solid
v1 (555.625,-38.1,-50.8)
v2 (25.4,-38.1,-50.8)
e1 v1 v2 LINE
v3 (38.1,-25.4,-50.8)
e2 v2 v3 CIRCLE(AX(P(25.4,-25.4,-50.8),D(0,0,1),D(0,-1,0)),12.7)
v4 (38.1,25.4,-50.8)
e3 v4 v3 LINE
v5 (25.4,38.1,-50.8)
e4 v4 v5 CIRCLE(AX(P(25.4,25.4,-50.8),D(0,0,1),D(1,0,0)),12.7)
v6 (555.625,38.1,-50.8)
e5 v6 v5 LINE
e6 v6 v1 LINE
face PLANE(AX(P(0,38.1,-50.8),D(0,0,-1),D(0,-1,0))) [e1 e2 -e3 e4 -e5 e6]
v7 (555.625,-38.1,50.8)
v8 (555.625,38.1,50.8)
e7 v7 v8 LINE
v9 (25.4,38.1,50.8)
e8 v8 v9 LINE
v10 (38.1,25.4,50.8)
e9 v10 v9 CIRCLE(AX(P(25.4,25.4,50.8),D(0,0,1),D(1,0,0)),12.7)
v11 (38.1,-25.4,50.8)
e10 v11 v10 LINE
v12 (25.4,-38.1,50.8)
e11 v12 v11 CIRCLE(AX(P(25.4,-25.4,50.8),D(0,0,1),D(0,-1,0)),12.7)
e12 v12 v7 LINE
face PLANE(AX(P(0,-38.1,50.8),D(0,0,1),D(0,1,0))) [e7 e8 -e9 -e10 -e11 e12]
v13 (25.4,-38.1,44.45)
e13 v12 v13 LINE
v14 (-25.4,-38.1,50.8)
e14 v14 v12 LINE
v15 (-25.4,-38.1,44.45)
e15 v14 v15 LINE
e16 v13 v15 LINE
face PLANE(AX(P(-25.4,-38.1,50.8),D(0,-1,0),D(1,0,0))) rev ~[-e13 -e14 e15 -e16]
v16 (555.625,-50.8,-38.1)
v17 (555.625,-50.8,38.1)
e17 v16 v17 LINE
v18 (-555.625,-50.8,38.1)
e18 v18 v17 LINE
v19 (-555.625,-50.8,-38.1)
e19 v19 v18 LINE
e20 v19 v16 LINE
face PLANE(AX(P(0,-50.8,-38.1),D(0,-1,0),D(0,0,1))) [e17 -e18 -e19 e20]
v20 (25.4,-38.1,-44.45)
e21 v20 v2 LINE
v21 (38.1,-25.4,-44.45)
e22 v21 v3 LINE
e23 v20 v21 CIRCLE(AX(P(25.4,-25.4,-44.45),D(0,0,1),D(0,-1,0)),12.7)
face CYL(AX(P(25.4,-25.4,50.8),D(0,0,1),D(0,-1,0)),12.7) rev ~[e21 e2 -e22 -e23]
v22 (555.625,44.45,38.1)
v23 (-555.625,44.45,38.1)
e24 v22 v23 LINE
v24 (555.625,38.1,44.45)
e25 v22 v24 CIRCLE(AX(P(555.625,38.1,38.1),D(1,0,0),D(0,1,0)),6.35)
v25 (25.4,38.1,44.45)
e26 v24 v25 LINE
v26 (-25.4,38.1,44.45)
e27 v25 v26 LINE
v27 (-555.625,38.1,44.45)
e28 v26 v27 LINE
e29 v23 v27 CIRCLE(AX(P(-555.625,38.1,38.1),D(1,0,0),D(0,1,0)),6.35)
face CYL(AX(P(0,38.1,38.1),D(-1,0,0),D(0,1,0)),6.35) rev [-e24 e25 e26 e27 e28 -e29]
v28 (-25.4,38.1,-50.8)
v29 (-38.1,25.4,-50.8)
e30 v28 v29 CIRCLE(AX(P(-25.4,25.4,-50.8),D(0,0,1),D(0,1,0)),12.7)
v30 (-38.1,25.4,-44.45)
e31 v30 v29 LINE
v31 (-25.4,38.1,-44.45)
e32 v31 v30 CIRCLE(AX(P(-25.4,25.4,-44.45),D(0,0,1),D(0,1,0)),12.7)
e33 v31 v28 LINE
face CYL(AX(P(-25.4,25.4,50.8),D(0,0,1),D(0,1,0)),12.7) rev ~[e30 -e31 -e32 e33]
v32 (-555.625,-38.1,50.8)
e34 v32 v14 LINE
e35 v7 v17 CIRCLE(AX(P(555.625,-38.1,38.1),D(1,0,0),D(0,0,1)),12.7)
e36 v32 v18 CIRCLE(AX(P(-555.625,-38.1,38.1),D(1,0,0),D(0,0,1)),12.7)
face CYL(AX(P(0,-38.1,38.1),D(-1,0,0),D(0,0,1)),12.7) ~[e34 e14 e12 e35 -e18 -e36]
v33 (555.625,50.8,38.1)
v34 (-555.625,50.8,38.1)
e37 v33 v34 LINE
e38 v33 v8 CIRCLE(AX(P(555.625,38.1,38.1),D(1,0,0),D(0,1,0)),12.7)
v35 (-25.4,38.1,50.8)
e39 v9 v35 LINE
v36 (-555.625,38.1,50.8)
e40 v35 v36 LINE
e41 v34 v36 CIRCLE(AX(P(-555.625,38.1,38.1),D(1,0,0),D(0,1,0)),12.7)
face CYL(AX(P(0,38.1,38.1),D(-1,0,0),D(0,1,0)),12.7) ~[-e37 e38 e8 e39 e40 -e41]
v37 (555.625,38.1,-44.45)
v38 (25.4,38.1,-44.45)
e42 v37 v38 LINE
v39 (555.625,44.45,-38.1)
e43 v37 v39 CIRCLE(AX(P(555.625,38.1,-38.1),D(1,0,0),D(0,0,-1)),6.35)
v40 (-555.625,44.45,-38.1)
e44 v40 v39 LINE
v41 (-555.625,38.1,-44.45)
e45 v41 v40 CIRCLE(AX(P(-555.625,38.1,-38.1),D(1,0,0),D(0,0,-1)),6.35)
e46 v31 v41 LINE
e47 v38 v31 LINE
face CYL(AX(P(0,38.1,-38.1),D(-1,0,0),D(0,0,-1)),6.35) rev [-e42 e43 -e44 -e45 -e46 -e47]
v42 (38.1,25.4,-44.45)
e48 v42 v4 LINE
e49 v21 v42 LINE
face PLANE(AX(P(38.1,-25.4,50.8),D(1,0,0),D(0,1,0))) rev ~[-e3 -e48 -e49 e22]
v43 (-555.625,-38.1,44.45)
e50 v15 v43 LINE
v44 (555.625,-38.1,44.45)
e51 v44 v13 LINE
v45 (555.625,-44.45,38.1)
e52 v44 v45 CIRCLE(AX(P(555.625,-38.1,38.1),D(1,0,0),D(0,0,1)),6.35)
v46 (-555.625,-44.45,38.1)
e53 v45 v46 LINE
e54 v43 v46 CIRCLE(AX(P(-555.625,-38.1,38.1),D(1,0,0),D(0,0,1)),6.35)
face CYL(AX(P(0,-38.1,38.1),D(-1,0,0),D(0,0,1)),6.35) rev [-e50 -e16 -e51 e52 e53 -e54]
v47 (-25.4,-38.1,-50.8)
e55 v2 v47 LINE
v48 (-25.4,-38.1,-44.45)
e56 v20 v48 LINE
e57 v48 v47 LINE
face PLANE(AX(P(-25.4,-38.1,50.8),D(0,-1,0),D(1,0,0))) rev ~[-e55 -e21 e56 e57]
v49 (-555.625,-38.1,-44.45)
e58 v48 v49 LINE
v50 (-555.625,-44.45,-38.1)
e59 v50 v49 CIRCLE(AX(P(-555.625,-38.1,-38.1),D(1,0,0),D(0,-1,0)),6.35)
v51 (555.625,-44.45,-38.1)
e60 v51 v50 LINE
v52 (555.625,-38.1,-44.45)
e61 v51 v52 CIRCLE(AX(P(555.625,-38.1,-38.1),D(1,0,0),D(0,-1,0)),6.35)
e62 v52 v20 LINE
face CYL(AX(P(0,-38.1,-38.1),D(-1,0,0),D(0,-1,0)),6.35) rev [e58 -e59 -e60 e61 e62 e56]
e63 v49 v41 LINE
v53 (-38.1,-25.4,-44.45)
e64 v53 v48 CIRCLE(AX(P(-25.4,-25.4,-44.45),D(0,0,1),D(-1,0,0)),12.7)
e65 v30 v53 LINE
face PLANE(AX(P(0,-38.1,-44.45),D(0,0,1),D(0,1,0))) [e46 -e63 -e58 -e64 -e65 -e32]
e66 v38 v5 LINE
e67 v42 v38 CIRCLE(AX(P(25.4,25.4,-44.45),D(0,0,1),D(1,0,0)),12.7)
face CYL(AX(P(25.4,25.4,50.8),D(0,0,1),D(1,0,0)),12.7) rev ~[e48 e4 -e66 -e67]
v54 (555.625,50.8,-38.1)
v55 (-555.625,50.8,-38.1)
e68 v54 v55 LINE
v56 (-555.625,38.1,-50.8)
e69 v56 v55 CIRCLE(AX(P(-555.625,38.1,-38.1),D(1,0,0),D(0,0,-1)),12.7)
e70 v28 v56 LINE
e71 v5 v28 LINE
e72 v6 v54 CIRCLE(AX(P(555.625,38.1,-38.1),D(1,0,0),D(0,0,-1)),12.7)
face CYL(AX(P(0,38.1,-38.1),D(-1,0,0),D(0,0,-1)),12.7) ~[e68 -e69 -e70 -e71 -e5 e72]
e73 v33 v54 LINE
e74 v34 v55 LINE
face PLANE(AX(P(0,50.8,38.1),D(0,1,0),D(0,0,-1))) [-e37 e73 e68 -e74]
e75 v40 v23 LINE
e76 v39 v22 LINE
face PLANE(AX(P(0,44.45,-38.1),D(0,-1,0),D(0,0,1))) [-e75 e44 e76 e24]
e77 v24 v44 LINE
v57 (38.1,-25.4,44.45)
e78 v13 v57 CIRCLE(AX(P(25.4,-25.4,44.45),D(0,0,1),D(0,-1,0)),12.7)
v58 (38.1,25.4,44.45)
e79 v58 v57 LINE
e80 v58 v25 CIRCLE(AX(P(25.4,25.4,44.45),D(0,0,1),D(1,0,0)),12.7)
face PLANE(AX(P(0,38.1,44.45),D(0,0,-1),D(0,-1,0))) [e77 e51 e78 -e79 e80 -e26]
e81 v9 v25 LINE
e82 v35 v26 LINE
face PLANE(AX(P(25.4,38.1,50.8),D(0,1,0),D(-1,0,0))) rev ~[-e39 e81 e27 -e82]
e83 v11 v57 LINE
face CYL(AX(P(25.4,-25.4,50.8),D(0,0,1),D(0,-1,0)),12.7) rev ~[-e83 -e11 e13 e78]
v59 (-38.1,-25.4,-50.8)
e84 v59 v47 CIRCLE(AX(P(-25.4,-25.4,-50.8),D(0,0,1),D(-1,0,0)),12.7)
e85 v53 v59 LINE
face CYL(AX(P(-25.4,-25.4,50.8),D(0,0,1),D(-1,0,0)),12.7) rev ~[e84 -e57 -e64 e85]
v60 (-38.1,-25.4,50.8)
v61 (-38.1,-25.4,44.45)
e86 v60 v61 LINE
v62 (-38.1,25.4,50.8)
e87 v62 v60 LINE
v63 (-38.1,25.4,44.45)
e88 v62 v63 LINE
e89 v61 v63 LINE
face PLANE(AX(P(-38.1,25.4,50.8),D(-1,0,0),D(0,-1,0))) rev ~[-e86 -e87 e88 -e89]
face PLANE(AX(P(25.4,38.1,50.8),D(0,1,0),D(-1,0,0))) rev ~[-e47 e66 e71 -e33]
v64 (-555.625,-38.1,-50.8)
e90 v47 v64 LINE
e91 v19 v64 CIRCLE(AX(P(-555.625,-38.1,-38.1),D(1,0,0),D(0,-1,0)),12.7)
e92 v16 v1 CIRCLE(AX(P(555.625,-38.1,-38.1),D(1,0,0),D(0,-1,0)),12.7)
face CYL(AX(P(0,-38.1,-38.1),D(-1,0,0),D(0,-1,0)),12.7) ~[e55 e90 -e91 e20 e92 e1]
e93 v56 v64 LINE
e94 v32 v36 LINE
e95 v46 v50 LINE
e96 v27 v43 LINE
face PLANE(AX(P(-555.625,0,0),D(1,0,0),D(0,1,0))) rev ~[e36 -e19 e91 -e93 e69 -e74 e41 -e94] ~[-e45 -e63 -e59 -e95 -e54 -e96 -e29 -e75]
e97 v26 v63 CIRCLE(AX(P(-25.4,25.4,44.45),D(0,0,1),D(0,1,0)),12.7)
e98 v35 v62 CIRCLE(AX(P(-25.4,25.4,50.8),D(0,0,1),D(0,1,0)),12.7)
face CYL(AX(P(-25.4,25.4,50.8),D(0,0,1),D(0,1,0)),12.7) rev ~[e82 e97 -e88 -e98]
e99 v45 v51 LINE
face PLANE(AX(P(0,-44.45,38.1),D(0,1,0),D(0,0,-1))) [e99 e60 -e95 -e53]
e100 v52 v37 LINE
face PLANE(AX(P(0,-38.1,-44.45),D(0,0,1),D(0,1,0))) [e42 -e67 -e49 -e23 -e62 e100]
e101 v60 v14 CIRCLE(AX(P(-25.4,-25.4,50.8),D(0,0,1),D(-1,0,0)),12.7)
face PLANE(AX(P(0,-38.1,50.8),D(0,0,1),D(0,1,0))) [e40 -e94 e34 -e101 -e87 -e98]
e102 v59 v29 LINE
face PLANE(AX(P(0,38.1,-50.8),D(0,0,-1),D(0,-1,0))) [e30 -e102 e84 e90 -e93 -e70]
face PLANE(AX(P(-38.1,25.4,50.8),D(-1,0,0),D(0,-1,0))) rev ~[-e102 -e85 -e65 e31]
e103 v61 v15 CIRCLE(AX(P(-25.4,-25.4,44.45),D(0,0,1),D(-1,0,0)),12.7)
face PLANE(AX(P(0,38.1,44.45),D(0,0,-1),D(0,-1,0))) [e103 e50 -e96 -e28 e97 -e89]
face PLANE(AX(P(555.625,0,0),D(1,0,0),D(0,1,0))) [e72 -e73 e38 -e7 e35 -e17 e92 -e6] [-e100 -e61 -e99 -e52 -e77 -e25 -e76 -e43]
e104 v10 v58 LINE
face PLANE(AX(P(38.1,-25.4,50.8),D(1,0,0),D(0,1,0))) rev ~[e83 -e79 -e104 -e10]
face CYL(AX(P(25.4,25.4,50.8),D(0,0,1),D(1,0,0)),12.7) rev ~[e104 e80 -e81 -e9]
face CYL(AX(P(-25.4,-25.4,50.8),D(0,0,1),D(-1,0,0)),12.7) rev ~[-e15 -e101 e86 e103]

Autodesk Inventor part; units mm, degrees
ref_plane "YZ Plane" through (0, 0, 0) normal (1, 0, 0) x (0, 1, 0)
ref_plane "XZ Plane" through (0, 0, 0) normal (0, 1, 0) x (-1, 0, 0)
ref_plane "XY Plane" through (0, 0, 0) normal (0, 0, 1) x (1, 0, 0)
sketch "Sketch5" plane through (0, 0, 0) normal (1, 0, 0) x (0, 1, 0)
  line L0 (-38.1, 50.8) -> (38.1, 50.8)
  line L1 (50.8, 38.1) -> (50.8, -38.1)
  line L2 (38.1, -50.8) -> (-38.1, -50.8)
  line L3 (-50.8, -38.1) -> (-50.8, 38.1)
  line L4 (-50.8, 50.8) -> (50.8, -50.8) construction
  line L5 (50.8, 50.8) -> (-50.8, -50.8) construction
  arc A0 (50.8, 38.1) -> (38.1, 50.8) centre (38.1, 38.1) ccw
  arc A1 (38.1, -50.8) -> (50.8, -38.1) centre (38.1, -38.1) ccw
  arc A2 (-50.8, -38.1) -> (-38.1, -50.8) centre (-38.1, -38.1) ccw
  arc A3 (-38.1, 50.8) -> (-50.8, 38.1) centre (-38.1, 38.1) ccw
  line L6 (44.45, -38.1) -> (44.45, 38.1)
  arc A4 (44.45, 38.1) -> (38.1, 44.45) centre (38.1, 38.1) ccw
  line L7 (38.1, 44.45) -> (-38.1, 44.45)
  arc A5 (-38.1, 44.45) -> (-44.45, 38.1) centre (-38.1, 38.1) ccw
  line L8 (-44.45, 38.1) -> (-44.45, -38.1)
  arc A6 (-44.45, -38.1) -> (-38.1, -44.45) centre (-38.1, -38.1) ccw
  line L9 (-38.1, -44.45) -> (38.1, -44.45)
  arc A7 (38.1, -44.45) -> (44.45, -38.1) centre (38.1, -38.1) ccw
  point P0 (0, 0)
  dimension "d6" = 101.6
  dimension "d7" = 101.6
  dimension "d8" = 12.7
  dimension "d9" = 6.35
extrude "Extrusion4" add sketch "Sketch5" along normal mid plane 1111.25
sketch "Sketch6" plane through (-555.625, -38.1, 50.8) normal (0, 0, 1) x (1, 0, 0)
  line L0 (530.225, 0) -> (581.025, 0)
  line L1 (593.725, 12.7) -> (593.725, 63.5)
  line L2 (581.025, 76.2) -> (530.225, 76.2)
  line L3 (517.525, 63.5) -> (517.525, 12.7)
  line L4 (517.525, 0) -> (593.725, 76.2) construction
  line L5 (593.725, 0) -> (517.525, 76.2) construction
  arc A0 (530.225, 76.2) -> (517.525, 63.5) centre (530.225, 63.5) ccw
  arc A1 (593.725, 63.5) -> (581.025, 76.2) centre (581.025, 63.5) ccw
  arc A2 (517.525, 12.7) -> (530.225, 0) centre (530.225, 12.7) ccw
  arc A3 (581.025, 0) -> (593.725, 12.7) centre (581.025, 12.7) ccw
  point P0 (555.625, 38.1)
  dimension "d12" = 76.2
  dimension "d13" = 76.2
  dimension "d14" = 12.7
extrude "Extrusion5" cut sketch "Sketch6" against normal blind 177.8
properties part number "Front Hitch Model-1_Base Tube-1" material "SS304"
